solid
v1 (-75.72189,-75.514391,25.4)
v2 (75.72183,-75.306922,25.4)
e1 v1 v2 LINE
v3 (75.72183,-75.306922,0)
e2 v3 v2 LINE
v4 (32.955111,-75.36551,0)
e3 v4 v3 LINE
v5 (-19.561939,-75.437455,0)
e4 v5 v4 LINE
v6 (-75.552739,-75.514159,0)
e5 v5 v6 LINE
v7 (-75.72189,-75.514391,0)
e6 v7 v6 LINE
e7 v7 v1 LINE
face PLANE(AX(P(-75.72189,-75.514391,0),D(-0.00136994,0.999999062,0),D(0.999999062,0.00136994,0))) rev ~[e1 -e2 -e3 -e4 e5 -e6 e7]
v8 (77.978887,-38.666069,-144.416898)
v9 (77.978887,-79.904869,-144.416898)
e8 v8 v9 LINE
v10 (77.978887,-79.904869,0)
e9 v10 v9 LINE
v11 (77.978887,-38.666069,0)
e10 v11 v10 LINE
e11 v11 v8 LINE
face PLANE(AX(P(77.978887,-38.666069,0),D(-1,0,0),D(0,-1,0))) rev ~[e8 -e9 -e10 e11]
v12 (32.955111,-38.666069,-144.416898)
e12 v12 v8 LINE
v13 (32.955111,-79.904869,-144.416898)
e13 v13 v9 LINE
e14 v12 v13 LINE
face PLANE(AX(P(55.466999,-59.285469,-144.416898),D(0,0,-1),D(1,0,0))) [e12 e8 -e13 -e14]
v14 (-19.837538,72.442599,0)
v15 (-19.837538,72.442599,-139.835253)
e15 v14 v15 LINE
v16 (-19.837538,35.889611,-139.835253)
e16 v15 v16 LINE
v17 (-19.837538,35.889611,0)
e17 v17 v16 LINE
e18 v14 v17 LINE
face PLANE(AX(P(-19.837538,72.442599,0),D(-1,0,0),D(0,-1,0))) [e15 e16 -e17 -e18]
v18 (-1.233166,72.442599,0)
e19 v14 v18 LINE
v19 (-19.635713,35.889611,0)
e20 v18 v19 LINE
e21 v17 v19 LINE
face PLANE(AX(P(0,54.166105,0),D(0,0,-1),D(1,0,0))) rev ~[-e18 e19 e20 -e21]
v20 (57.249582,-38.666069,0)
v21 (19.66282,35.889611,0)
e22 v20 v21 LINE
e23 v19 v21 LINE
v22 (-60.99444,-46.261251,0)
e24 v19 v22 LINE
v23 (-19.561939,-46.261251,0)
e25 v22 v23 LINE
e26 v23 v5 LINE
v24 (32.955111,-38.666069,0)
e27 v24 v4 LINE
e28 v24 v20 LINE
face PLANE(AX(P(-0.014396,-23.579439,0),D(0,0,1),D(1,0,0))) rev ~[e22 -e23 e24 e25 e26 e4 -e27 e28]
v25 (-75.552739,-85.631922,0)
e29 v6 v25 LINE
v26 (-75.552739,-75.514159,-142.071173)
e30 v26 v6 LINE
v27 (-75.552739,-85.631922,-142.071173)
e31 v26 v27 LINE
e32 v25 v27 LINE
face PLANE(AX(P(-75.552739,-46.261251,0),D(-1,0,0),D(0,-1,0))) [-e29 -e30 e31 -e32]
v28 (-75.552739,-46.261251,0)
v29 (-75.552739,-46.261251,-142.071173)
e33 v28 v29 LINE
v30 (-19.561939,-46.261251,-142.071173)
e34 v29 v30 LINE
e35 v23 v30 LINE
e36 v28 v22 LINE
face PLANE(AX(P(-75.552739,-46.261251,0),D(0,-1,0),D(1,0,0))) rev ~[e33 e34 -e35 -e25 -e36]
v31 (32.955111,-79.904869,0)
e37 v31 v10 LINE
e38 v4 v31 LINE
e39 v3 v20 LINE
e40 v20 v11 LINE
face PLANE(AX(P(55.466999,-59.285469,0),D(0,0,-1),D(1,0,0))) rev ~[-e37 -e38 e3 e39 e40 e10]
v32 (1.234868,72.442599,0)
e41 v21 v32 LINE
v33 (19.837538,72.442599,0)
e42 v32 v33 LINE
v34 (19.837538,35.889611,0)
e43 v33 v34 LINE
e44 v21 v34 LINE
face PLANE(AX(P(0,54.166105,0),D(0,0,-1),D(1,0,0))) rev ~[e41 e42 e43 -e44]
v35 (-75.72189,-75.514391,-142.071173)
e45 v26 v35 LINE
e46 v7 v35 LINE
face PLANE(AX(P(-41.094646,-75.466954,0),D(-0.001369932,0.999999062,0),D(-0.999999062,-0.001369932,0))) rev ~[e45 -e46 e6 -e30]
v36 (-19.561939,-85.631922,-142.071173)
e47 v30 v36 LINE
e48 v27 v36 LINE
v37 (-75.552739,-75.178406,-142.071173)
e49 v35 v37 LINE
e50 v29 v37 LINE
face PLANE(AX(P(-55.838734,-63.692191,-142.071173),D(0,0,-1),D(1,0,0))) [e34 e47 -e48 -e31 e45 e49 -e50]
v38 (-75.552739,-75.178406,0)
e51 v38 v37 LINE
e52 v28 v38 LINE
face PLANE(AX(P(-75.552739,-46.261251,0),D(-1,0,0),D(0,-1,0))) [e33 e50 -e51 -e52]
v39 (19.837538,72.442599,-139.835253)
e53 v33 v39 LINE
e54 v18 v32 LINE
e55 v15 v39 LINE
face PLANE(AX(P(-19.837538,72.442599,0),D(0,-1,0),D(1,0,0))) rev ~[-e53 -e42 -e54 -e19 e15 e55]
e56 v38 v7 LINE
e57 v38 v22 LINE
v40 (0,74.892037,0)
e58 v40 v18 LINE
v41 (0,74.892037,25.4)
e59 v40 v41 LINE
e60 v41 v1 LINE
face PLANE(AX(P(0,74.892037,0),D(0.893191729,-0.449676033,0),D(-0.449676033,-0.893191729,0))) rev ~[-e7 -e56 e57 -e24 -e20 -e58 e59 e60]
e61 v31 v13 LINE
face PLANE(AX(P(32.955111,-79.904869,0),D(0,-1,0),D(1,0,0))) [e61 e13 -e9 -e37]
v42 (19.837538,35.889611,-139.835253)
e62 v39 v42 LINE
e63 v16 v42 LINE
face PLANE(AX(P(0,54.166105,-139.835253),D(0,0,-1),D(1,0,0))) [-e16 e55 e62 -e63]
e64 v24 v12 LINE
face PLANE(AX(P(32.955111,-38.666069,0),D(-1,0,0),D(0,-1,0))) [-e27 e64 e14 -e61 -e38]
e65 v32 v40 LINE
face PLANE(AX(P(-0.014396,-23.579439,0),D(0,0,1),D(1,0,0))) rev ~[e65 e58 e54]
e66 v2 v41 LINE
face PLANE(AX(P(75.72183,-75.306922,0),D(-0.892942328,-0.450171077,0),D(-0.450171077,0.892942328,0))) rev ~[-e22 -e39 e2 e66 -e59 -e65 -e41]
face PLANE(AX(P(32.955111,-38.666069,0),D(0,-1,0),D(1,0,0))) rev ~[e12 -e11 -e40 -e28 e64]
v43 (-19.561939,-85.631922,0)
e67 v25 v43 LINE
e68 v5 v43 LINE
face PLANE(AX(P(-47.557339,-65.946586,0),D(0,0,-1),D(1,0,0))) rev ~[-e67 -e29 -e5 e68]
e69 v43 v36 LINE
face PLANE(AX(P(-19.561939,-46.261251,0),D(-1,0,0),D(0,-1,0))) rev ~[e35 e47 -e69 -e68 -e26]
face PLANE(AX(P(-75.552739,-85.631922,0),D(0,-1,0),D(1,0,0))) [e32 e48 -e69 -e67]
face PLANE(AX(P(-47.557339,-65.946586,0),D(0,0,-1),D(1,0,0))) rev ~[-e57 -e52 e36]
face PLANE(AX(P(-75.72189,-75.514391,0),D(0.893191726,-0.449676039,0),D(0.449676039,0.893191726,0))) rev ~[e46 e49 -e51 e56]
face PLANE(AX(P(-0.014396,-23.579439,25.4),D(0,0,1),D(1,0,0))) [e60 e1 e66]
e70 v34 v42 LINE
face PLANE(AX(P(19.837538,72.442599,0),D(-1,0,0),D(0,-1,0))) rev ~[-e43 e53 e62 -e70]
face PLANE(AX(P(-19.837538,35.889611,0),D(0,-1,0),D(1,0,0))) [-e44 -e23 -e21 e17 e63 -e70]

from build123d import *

# Parameters (mm, degrees)
F1_DEPTH = 25.4
F4_W     = 55.9908
F4_H     = 39.370671
F5_DEPTH = 142.071173
F6_W     = 39.675076
F6_H     = 36.552988
F7_DEPTH = 139.835253
F8_W     = 45.023777
F8_H     = 41.238799
F9_DEPTH = 144.416898


with BuildPart() as f1:
    # F0 (on Top) → F1 (new body)
    with BuildSketch(Plane.XY):
        Polygon((0, 74.892037), (-75.72189, -75.514391), (75.72183, -75.306922), align=None)
    extrude(amount=F1_DEPTH)

    # F2 (on face) + F4 (on face) → F5 (join)
    with BuildSketch(Plane(origin=(0, 0, 0), x_dir=(1, 0, 0), z_dir=(0, 0, -1))):
        Polygon((-41.094646, 48.674494), (-41.094646, 75.466954), (-75.72189, 75.514391), (-62.209384, 48.674494), align=None)
    with BuildSketch(Plane(origin=(0, 0, 0), x_dir=(1, 0, 0), z_dir=(0, 0, -1))):
        with Locations((-47.557339, 65.946586)):
            Rectangle(F4_W, F4_H)
    extrude(amount=F5_DEPTH)

    # F6 (on face) → F7 (join)
    with BuildSketch(Plane(origin=(0, 0, 0), x_dir=(1, 0, 0), z_dir=(0, 0, -1))):
        with Locations((0, -54.166105)):
            Rectangle(F6_W, F6_H)
    extrude(amount=F7_DEPTH)

    # F8 (on face) → F9 (join)
    with BuildSketch(Plane(origin=(0, 0, 0), x_dir=(1, 0, 0), z_dir=(0, 0, -1))):
        with Locations((55.466999, 59.285469)):
            Rectangle(F8_W, F8_H)
    extrude(amount=F9_DEPTH)


solid = f1.part
